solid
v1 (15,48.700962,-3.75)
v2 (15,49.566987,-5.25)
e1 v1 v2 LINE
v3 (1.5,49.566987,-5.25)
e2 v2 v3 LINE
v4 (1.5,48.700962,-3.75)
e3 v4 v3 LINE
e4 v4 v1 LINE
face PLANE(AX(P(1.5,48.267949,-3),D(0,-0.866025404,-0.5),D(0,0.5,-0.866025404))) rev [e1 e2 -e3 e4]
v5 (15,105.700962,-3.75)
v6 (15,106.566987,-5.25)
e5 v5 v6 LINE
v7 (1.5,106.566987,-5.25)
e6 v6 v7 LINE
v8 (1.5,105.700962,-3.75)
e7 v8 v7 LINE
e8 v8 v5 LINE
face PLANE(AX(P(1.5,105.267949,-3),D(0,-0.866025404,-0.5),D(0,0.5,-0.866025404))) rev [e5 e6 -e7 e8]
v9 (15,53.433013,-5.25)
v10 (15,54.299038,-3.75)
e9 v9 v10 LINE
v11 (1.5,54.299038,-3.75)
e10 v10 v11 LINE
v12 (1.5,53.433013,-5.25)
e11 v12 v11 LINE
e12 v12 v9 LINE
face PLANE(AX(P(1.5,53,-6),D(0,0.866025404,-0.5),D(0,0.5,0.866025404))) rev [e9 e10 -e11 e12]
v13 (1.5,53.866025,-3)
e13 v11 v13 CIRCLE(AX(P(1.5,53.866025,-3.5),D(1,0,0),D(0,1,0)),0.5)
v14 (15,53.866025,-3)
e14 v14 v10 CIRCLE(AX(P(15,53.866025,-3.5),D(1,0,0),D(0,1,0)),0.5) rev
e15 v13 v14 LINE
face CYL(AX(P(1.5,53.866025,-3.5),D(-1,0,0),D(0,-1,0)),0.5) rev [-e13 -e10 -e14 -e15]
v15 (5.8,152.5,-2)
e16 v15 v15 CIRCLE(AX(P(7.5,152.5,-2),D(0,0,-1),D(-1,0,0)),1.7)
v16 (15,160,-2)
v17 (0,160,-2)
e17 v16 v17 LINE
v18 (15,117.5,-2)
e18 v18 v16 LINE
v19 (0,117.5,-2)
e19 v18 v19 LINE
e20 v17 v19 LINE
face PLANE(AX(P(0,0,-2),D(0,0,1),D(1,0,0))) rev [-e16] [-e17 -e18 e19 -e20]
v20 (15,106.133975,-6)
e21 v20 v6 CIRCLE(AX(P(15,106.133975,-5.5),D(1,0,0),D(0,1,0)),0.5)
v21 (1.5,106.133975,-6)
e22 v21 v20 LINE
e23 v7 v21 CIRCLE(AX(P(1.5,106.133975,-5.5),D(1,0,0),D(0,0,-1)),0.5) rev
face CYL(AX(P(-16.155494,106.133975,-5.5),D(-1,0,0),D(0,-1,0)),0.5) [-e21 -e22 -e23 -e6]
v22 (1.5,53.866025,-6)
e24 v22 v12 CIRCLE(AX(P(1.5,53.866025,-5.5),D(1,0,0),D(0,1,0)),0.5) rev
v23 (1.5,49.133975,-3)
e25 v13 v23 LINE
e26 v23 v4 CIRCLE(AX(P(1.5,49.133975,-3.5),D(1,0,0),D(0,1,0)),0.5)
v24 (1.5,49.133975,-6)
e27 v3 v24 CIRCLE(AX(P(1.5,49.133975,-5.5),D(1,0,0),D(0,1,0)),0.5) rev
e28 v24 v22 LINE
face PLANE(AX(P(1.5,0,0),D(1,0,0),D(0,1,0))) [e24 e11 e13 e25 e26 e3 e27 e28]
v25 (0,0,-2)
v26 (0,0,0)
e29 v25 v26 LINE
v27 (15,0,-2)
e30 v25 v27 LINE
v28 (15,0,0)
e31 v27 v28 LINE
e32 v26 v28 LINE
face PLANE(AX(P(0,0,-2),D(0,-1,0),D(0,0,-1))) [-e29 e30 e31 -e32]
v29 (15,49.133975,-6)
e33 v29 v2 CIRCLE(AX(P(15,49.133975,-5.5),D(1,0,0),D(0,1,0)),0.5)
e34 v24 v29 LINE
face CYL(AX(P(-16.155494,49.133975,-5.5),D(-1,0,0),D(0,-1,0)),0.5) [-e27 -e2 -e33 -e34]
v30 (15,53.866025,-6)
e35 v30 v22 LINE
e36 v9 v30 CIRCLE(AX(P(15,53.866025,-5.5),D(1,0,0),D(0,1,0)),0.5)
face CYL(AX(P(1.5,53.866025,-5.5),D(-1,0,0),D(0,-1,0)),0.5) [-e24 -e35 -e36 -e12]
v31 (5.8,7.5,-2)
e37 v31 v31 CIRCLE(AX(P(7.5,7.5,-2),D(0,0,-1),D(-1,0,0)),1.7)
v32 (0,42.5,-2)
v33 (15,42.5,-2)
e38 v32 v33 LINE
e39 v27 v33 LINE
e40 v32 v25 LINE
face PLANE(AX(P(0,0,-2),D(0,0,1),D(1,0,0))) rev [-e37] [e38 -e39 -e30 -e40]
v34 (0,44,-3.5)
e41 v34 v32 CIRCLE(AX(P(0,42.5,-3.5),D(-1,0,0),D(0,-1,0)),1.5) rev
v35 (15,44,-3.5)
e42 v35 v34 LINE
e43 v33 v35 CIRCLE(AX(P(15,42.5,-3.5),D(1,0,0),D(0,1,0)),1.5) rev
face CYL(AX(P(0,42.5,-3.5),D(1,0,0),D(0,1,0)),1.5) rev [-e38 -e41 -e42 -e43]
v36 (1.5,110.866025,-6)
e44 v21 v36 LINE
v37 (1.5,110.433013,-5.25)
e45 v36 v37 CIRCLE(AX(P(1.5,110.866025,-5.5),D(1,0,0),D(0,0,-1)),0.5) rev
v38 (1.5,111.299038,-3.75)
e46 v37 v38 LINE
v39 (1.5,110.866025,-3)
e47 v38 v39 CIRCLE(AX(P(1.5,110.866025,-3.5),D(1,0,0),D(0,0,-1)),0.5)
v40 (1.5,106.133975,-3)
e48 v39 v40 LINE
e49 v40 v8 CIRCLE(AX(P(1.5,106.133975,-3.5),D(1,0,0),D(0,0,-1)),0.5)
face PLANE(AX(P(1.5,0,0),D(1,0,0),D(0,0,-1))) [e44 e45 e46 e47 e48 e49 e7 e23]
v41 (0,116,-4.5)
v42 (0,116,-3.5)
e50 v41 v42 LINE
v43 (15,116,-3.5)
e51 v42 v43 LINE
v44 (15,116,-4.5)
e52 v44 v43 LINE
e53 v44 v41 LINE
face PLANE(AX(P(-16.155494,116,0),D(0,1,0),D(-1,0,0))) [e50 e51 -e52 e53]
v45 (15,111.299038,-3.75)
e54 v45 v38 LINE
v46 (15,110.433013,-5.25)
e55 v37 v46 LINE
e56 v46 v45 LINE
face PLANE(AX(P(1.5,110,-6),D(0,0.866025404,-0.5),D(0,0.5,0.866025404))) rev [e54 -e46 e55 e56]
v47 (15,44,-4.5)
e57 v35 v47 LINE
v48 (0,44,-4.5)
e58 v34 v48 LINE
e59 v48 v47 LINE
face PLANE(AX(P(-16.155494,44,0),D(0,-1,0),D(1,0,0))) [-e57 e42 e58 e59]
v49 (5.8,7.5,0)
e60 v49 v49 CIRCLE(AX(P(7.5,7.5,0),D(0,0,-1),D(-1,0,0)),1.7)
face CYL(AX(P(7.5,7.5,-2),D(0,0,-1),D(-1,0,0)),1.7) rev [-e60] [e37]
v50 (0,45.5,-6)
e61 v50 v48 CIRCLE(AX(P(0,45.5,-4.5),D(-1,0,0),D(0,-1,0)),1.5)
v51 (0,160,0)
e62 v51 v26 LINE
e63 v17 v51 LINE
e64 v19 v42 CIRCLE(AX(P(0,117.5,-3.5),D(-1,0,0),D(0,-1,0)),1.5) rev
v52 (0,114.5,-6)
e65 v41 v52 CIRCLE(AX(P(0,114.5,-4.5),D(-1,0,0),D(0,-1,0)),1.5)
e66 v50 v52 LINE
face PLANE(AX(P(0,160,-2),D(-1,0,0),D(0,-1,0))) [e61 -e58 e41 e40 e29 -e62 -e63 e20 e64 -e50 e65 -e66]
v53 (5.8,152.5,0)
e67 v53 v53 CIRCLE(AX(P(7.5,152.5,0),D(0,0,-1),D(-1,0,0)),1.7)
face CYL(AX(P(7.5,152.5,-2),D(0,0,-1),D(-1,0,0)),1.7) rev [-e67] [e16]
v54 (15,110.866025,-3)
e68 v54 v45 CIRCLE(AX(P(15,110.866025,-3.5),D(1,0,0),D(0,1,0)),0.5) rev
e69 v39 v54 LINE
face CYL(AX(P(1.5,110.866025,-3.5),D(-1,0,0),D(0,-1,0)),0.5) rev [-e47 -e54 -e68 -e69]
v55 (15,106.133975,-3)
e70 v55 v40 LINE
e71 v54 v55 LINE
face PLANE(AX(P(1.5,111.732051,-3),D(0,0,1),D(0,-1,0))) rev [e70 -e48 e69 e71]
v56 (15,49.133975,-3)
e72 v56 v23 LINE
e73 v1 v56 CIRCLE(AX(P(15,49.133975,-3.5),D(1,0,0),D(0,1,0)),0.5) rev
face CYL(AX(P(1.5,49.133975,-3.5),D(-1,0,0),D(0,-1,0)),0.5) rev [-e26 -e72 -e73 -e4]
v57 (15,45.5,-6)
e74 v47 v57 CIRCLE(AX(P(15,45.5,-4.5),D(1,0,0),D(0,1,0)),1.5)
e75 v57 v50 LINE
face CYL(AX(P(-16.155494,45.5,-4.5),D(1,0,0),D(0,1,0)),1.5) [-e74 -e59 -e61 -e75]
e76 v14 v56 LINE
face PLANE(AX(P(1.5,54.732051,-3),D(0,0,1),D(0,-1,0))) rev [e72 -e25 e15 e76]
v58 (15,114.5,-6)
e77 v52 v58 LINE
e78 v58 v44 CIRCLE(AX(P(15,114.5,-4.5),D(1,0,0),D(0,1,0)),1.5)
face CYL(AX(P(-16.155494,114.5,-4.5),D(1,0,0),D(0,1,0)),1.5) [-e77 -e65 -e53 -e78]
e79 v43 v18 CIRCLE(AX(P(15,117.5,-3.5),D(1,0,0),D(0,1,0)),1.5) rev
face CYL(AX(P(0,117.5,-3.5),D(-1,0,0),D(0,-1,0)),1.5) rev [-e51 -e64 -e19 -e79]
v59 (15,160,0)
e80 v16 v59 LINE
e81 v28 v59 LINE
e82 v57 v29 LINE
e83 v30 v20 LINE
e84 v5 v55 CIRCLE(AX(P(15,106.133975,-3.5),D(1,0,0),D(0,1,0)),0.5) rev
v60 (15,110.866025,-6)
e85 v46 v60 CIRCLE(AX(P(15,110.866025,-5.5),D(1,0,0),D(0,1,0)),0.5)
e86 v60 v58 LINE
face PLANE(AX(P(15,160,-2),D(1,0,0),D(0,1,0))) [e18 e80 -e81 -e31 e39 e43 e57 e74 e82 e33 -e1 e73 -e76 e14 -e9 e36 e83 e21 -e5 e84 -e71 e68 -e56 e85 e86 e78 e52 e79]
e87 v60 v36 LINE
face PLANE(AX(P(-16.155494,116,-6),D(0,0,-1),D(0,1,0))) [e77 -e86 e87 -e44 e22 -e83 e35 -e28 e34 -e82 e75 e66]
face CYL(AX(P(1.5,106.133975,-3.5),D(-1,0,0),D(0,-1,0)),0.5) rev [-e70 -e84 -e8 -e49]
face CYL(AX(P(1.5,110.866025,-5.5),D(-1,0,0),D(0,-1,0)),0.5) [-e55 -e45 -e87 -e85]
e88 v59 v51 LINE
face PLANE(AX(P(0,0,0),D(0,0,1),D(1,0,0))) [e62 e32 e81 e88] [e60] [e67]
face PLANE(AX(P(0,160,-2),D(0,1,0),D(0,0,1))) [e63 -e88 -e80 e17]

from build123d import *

# Parameters (mm, degrees)
SKETCH_1_W          = 15
SKETCH_1_H          = 160
EXTRUDE_1_DEPTH     = 2
SKETCH_4_W          = 6
SKETCH_4_H          = 15
EXTRUDE_2_DEPTH     = 15
FILLET_3_R          = 1.5
HOLE_WIZARD_M31_D   = 3.4
CUT_EXTRUDE_2_DEPTH = 13.5
FILLET_4_R          = 0.5
SKETCH_8_W          = 6
SKETCH_8_H          = 45
EXTRUDE_3_DEPTH     = 15


with BuildPart() as part:
    # Эскиз1 → Бобышка-Вытянуть1 (new body)
    with BuildSketch(Plane.XY):
        with Locations((7.5, 80)):
            Rectangle(SKETCH_1_W, SKETCH_1_H)
    extrude(amount=-EXTRUDE_1_DEPTH)

    # Эскиз4 → Бобышка-Вытянуть2 (add)
    with BuildSketch(Plane(origin=(15, 0, 0), x_dir=(0, 0, -1), z_dir=(1, 0, 0))):
        with Locations((3, 108.5)):
            Rectangle(SKETCH_4_W, SKETCH_4_H)
        with Locations((3, 51.5)):
            Rectangle(SKETCH_4_W, SKETCH_4_H)
    extrude(amount=-EXTRUDE_2_DEPTH)

    # Скругление3
    fillet_3_edges = [part.edges().sort_by_distance(p)[0] for p in [
        (7.5, 101, -6),
        (7.5, 101, -2),
        (7.5, 116, -6),
        (7.5, 116, -2),
        (7.5, 44, -6),
        (7.5, 44, -2),
        (7.5, 59, -6),
        (7.5, 59, -2),
    ]]
    fillet(fillet_3_edges, radius=FILLET_3_R)

    # Отверстие с зазором M31 (through all)
    with Locations(Plane(origin=(0, 0, -2), x_dir=(-1, 0, 0), z_dir=(0, 0, -1))):
        with Locations((-7.5, 152.5), (-7.5, 7.5)):
            Hole(HOLE_WIZARD_M31_D / 2)

    # Эскиз3 → Вырез-Вытянуть2 (cut)
    with BuildSketch(Plane(origin=(15, 0, 0), x_dir=(0, 0, -1), z_dir=(1, 0, 0))):
        Polygon((6, 110), (3, 111.732050808), (3, 105.267949192), (6, 107), align=None)
        Polygon((6, 53), (3, 54.732050808), (3, 48.267949192), (6, 50), align=None)
    extrude(amount=-CUT_EXTRUDE_2_DEPTH, mode=Mode.SUBTRACT)

    # Скругление4
    fillet_4_edges = [part.edges().sort_by_distance(p)[0] for p in [
        (8.25, 110, -6),
        (8.25, 107, -6),
        (8.25, 105.267949192, -3),
        (8.25, 111.732050808, -3),
        (8.25, 53, -6),
        (8.25, 50, -6),
        (8.25, 48.267949192, -3),
        (8.25, 54.732050808, -3),
    ]]
    fillet(fillet_4_edges, radius=FILLET_4_R)

    # Эскиз8 → Бобышка-Вытянуть3 (add)
    with BuildSketch(Plane(origin=(15, 0, 0), x_dir=(0, 0, -1), z_dir=(1, 0, 0))):
        with Locations((3, 80)):
            Rectangle(SKETCH_8_W, SKETCH_8_H)
    extrude(amount=-EXTRUDE_3_DEPTH)


solid = part.part
